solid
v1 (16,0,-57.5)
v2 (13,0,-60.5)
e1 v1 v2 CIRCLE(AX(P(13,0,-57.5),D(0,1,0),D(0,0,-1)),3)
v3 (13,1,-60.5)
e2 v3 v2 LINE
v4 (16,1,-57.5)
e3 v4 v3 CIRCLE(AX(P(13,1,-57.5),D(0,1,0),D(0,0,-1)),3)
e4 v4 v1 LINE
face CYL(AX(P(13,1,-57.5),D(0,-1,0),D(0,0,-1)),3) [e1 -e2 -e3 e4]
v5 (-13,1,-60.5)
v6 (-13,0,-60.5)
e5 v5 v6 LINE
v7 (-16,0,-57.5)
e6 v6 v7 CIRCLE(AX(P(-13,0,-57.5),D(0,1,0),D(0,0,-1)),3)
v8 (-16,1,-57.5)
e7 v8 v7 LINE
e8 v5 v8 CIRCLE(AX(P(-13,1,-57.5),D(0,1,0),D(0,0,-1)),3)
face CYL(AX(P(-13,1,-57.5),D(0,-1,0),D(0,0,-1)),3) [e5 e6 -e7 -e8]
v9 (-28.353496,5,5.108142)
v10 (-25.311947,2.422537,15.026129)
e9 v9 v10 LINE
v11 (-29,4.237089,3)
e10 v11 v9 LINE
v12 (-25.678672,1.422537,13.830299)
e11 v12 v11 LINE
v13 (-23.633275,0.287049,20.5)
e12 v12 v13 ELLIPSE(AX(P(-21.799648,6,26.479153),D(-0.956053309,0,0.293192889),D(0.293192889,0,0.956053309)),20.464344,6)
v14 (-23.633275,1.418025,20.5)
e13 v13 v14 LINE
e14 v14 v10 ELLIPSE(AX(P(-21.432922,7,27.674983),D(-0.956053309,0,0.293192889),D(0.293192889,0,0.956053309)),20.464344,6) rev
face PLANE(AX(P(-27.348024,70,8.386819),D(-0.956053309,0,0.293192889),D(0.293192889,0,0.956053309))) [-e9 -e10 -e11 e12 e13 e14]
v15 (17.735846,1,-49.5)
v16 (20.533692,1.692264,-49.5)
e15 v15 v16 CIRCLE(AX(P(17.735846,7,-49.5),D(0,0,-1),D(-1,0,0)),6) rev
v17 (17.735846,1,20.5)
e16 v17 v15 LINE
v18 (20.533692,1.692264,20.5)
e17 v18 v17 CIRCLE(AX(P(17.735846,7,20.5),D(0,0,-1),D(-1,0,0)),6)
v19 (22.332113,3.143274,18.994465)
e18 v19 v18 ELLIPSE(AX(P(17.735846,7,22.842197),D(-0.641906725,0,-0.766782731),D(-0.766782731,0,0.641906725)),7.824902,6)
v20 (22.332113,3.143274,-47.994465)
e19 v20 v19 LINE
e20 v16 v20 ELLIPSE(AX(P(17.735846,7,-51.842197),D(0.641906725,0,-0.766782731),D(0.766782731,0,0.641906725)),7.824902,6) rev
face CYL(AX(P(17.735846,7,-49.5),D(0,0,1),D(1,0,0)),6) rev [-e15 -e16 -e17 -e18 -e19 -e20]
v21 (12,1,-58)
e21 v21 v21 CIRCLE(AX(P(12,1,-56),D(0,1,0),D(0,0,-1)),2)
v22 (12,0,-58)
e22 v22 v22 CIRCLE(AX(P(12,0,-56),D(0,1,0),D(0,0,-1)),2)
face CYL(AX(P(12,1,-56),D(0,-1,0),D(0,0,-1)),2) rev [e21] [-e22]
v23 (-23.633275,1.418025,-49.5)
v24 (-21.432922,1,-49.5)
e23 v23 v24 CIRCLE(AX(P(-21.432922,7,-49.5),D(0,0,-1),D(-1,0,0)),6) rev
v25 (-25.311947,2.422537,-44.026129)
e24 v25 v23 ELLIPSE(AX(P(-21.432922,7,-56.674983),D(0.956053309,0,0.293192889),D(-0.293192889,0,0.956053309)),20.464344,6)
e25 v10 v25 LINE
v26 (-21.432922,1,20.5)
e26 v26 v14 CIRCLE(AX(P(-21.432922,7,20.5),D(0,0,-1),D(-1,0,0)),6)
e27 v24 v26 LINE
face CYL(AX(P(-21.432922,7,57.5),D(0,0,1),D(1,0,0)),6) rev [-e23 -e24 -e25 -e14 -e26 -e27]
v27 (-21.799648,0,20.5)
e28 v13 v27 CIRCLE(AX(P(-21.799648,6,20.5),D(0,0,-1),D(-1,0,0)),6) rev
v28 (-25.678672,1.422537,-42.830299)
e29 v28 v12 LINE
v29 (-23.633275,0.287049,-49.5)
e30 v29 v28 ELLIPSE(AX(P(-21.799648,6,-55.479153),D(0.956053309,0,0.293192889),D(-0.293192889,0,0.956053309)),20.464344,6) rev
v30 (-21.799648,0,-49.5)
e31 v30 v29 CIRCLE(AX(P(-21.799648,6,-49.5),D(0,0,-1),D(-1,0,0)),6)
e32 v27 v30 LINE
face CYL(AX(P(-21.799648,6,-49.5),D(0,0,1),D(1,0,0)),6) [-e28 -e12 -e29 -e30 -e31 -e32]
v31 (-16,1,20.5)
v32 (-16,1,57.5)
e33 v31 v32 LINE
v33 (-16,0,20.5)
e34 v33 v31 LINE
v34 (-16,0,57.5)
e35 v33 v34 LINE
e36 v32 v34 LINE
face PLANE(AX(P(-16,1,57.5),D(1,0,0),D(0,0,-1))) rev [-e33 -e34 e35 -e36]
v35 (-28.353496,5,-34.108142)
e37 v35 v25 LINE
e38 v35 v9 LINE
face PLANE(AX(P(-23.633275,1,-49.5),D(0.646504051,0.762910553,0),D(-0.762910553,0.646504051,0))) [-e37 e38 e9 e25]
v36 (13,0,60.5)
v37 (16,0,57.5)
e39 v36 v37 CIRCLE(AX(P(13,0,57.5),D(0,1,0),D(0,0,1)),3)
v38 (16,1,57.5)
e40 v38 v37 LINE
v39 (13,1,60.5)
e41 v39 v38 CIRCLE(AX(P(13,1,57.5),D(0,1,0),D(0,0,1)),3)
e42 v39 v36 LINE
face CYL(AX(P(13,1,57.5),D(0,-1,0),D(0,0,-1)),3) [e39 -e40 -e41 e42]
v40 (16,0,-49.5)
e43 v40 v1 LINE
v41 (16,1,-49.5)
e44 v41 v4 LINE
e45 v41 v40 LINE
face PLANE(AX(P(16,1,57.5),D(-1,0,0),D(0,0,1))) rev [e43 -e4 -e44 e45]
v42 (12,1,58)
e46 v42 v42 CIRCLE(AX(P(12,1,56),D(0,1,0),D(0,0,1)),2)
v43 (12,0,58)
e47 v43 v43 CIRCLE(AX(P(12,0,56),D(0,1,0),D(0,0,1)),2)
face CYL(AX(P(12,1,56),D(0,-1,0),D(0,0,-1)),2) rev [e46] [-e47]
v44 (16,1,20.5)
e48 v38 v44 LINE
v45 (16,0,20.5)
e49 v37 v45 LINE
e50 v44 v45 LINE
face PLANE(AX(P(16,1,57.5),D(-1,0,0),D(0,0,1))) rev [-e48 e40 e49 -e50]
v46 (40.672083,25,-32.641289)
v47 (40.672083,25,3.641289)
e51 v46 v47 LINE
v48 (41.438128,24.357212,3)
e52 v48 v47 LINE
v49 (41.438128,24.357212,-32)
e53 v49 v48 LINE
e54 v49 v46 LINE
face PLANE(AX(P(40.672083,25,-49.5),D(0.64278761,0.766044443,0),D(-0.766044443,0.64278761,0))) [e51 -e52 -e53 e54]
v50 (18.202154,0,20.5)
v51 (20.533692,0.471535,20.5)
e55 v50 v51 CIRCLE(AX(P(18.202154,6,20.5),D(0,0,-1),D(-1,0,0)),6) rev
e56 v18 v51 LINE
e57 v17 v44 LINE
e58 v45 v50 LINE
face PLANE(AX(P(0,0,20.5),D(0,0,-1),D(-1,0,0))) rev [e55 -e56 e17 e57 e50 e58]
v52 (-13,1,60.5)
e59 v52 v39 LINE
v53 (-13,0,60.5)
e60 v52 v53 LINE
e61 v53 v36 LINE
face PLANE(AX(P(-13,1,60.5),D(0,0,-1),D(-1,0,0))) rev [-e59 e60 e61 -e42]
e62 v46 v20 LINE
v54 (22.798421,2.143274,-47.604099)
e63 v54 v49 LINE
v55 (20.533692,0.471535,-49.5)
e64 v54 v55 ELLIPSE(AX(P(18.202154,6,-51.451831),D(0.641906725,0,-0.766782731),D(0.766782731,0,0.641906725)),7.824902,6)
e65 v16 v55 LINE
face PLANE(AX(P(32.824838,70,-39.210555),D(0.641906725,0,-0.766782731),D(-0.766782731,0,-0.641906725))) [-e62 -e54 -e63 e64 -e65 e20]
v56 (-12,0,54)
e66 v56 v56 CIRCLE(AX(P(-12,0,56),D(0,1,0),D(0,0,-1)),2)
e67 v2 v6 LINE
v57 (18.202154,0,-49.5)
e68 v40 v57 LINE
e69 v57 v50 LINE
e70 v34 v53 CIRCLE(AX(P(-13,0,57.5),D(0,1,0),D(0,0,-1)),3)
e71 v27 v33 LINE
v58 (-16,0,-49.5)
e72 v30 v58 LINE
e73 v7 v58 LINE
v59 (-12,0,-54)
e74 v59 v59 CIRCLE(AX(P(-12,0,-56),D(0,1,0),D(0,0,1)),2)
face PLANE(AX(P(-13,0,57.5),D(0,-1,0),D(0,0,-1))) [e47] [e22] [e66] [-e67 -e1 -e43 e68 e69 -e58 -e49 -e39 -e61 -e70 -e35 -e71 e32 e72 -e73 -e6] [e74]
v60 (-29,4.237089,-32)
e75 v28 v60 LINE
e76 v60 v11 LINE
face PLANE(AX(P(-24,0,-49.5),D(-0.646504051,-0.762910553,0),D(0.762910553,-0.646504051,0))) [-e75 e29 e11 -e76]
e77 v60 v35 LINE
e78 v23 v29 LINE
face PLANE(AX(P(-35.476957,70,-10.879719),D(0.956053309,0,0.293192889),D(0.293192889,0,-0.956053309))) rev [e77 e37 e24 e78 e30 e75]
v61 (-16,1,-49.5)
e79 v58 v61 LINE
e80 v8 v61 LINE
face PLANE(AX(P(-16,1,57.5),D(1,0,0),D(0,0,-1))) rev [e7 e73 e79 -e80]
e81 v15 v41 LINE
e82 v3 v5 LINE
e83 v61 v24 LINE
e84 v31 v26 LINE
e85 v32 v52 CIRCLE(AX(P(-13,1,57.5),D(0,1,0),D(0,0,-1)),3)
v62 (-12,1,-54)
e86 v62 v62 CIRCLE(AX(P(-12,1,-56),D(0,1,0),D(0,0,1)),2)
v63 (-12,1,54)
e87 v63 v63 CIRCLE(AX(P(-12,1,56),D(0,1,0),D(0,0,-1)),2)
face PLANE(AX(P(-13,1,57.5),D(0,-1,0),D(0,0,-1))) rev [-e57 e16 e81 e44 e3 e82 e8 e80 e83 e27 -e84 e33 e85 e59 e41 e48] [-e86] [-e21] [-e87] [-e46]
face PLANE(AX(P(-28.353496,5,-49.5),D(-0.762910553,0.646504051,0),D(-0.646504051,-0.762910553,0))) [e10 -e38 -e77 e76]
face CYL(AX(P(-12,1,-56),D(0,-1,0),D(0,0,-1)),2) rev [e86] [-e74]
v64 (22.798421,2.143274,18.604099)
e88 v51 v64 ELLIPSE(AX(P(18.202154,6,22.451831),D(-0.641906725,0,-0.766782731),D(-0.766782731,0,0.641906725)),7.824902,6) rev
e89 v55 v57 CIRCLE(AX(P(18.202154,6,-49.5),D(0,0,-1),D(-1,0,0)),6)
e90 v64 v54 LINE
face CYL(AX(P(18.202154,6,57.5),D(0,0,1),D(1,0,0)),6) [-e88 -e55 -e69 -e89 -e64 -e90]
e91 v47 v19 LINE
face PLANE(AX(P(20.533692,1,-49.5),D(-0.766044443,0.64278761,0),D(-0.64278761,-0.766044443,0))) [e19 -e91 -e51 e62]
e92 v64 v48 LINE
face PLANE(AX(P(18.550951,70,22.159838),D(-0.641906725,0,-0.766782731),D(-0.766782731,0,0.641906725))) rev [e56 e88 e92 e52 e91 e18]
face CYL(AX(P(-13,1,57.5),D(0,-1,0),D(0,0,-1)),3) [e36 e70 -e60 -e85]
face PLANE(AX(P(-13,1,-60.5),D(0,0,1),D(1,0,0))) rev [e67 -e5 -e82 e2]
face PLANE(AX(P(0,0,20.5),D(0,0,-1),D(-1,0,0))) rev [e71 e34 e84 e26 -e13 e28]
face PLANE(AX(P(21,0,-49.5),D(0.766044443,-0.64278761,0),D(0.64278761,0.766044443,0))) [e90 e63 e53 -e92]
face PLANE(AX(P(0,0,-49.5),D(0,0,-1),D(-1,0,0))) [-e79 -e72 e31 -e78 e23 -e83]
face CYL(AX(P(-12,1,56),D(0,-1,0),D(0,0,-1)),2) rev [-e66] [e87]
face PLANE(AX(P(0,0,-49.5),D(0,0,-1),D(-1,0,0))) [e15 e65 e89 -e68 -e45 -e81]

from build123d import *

# Parameters (mm, degrees)
SKETCH1_R           = 2
BOSS_EXTRUDE1_DEPTH = 1
BOSS_EXTRUDE2_DEPTH = 70
CUT_EXTRUDE1_DEPTH  = 70
FILLET1_R           = 6
FILLET2_R           = 6


with BuildPart() as part:
    # Sketch1 → Boss-Extrude1 (new body)
    with BuildSketch(Plane(origin=(0, 0, 0), x_dir=(1, 0, 0), z_dir=(0, 1, 0))):
        with BuildLine():
            Line((-12.999999999999979, -60.5), (12.99999999999998, -60.5))
            ThreePointArc((12.99999999999998, -60.5), (15.121320343559649, -59.62132034355964), (16, -57.49999999999997))
            Line((16, -57.49999999999997), (16, 57.49999999999997))
            ThreePointArc((16, 57.49999999999997), (15.121320343559649, 59.62132034355964), (12.99999999999998, 60.5))
            Line((12.99999999999998, 60.5), (-12.999999999999979, 60.5))
            ThreePointArc((-12.999999999999979, 60.5), (-15.121320343559644, 59.62132034355963), (-16, 57.49999999999997))
            Line((-16, 57.49999999999997), (-16, -57.49999999999997))
            ThreePointArc((-16, -57.49999999999997), (-15.121320343559649, -59.62132034355964), (-12.999999999999979, -60.5))
        make_face()
        with Locations(Location((-12, 56, 0), (0, 0, 270))):
            Circle(SKETCH1_R, mode=Mode.SUBTRACT)
        with Locations(Location((12, 56, 0), (0, 0, 90))):
            Circle(SKETCH1_R, mode=Mode.SUBTRACT)
        with Locations(Location((12, -56, 0), (0, 0, 270))):
            Circle(SKETCH1_R, mode=Mode.SUBTRACT)
        with Locations(Location((-12, -56, 0), (0, 0, 90))):
            Circle(SKETCH1_R, mode=Mode.SUBTRACT)
    extrude(amount=BOSS_EXTRUDE1_DEPTH)

    # Sketch2 → Boss-Extrude2 (add)
    with BuildSketch(Plane.XY.offset(20.499999999999996)):
        Polygon((-23.633274615316285, 1), (20.533692341844997, 1), (40.67208349009961, 25.000000000000004), (41.43812793321859, 24.357212390313464), (20.999999999999996, 0), (-24, -9.1e-16), (-28.999999999999993, 4.237089446732834), (-28.353495949190116, 4.9999999999999964), align=None)
    extrude(amount=-BOSS_EXTRUDE2_DEPTH)

    # Sketch3 → Cut-Extrude1 (cut)
    with BuildSketch(Plane.XZ):
        Polygon((20.999999999999996, 20.499999999999996), (20.999999999999996, 20.109633851053125), (40.672083490099595, 3.6412886727309868), (40.67208349009961, 20.499999999999993), align=None)
        Polygon((20.999999999999996, 20.499999999999996), (20.533692341844997, 20.499999999999996), (20.999999999999993, 20.109633851053125), align=None)
        Polygon((40.67208349009961, 20.499999999999993), (40.67208349009961, 3.6412886727309868), (41.43812793321859, 2.9999999999999964), (41.43812793321859, 20.499999999999993), align=None)
        Polygon((41.43812793321859, -32.00000000000001), (40.67208349009961, -32.64128867273098), (40.67208349009961, -49.50000000000001), (41.43812793321859, -49.50000000000001), align=None)
        Polygon((40.67208349009961, -32.64128867273098), (20.999999999999996, -49.10963385105313), (20.999999999999996, -49.5), (40.67208349009961, -49.50000000000001), align=None)
        Polygon((-24, -49.50000000000001), (-23.633274615316285, -49.50000000000001), (-24.00000000000002, -48.30416943816782), align=None)
        Polygon((-24, -49.50000000000001), (-24, -48.30416943816781), (-28.353495949190155, -34.108142317373115), (-28.353495949190116, -49.5), align=None)
        Polygon((-28.353495949190116, -49.5), (-28.353495949190116, -34.10814231737311), (-28.999999999999993, -32.00000000000001), (-28.999999999999993, -49.5), align=None)
        Polygon((-24.00000000000002, 19.304169438167804), (-23.633274615316285, 20.499999999999996), (-24, 20.499999999999996), align=None)
        Polygon((-28.353495949190116, 5.108142317373225), (-24.00000000000002, 19.304169438167804), (-24, 20.499999999999993), (-28.353495949190116, 20.499999999999996), align=None)
        Polygon((-28.999999999999993, 2.9999999999999964), (-28.353495949190116, 5.108142317373225), (-28.353495949190116, 20.499999999999996), (-28.999999999999993, 20.499999999999996), align=None)
        Polygon((20.999999999999996, -49.10963385105313), (20.533692341844997, -49.50000000000001), (20.999999999999996, -49.50000000000001), align=None)
    extrude(amount=-CUT_EXTRUDE1_DEPTH, mode=Mode.SUBTRACT)

    # Fillet1
    fillet1_edges = [part.edges().sort_by_distance(p)[0] for p in [
        (-23.633274615316285, 1, -14.500000000000004),
        (20.533692341844997, 1, -14.500000000000004),
    ]]
    fillet(fillet1_edges, radius=FILLET1_R)

    # Fillet2
    fillet2_edges = [part.edges().sort_by_distance(p)[0] for p in [
        (-24, -9.1e-16, -14.50000000000001),
        (20.999999999999996, 0, -14.500000000000004),
    ]]
    fillet(fillet2_edges, radius=FILLET2_R)


solid = part.part
